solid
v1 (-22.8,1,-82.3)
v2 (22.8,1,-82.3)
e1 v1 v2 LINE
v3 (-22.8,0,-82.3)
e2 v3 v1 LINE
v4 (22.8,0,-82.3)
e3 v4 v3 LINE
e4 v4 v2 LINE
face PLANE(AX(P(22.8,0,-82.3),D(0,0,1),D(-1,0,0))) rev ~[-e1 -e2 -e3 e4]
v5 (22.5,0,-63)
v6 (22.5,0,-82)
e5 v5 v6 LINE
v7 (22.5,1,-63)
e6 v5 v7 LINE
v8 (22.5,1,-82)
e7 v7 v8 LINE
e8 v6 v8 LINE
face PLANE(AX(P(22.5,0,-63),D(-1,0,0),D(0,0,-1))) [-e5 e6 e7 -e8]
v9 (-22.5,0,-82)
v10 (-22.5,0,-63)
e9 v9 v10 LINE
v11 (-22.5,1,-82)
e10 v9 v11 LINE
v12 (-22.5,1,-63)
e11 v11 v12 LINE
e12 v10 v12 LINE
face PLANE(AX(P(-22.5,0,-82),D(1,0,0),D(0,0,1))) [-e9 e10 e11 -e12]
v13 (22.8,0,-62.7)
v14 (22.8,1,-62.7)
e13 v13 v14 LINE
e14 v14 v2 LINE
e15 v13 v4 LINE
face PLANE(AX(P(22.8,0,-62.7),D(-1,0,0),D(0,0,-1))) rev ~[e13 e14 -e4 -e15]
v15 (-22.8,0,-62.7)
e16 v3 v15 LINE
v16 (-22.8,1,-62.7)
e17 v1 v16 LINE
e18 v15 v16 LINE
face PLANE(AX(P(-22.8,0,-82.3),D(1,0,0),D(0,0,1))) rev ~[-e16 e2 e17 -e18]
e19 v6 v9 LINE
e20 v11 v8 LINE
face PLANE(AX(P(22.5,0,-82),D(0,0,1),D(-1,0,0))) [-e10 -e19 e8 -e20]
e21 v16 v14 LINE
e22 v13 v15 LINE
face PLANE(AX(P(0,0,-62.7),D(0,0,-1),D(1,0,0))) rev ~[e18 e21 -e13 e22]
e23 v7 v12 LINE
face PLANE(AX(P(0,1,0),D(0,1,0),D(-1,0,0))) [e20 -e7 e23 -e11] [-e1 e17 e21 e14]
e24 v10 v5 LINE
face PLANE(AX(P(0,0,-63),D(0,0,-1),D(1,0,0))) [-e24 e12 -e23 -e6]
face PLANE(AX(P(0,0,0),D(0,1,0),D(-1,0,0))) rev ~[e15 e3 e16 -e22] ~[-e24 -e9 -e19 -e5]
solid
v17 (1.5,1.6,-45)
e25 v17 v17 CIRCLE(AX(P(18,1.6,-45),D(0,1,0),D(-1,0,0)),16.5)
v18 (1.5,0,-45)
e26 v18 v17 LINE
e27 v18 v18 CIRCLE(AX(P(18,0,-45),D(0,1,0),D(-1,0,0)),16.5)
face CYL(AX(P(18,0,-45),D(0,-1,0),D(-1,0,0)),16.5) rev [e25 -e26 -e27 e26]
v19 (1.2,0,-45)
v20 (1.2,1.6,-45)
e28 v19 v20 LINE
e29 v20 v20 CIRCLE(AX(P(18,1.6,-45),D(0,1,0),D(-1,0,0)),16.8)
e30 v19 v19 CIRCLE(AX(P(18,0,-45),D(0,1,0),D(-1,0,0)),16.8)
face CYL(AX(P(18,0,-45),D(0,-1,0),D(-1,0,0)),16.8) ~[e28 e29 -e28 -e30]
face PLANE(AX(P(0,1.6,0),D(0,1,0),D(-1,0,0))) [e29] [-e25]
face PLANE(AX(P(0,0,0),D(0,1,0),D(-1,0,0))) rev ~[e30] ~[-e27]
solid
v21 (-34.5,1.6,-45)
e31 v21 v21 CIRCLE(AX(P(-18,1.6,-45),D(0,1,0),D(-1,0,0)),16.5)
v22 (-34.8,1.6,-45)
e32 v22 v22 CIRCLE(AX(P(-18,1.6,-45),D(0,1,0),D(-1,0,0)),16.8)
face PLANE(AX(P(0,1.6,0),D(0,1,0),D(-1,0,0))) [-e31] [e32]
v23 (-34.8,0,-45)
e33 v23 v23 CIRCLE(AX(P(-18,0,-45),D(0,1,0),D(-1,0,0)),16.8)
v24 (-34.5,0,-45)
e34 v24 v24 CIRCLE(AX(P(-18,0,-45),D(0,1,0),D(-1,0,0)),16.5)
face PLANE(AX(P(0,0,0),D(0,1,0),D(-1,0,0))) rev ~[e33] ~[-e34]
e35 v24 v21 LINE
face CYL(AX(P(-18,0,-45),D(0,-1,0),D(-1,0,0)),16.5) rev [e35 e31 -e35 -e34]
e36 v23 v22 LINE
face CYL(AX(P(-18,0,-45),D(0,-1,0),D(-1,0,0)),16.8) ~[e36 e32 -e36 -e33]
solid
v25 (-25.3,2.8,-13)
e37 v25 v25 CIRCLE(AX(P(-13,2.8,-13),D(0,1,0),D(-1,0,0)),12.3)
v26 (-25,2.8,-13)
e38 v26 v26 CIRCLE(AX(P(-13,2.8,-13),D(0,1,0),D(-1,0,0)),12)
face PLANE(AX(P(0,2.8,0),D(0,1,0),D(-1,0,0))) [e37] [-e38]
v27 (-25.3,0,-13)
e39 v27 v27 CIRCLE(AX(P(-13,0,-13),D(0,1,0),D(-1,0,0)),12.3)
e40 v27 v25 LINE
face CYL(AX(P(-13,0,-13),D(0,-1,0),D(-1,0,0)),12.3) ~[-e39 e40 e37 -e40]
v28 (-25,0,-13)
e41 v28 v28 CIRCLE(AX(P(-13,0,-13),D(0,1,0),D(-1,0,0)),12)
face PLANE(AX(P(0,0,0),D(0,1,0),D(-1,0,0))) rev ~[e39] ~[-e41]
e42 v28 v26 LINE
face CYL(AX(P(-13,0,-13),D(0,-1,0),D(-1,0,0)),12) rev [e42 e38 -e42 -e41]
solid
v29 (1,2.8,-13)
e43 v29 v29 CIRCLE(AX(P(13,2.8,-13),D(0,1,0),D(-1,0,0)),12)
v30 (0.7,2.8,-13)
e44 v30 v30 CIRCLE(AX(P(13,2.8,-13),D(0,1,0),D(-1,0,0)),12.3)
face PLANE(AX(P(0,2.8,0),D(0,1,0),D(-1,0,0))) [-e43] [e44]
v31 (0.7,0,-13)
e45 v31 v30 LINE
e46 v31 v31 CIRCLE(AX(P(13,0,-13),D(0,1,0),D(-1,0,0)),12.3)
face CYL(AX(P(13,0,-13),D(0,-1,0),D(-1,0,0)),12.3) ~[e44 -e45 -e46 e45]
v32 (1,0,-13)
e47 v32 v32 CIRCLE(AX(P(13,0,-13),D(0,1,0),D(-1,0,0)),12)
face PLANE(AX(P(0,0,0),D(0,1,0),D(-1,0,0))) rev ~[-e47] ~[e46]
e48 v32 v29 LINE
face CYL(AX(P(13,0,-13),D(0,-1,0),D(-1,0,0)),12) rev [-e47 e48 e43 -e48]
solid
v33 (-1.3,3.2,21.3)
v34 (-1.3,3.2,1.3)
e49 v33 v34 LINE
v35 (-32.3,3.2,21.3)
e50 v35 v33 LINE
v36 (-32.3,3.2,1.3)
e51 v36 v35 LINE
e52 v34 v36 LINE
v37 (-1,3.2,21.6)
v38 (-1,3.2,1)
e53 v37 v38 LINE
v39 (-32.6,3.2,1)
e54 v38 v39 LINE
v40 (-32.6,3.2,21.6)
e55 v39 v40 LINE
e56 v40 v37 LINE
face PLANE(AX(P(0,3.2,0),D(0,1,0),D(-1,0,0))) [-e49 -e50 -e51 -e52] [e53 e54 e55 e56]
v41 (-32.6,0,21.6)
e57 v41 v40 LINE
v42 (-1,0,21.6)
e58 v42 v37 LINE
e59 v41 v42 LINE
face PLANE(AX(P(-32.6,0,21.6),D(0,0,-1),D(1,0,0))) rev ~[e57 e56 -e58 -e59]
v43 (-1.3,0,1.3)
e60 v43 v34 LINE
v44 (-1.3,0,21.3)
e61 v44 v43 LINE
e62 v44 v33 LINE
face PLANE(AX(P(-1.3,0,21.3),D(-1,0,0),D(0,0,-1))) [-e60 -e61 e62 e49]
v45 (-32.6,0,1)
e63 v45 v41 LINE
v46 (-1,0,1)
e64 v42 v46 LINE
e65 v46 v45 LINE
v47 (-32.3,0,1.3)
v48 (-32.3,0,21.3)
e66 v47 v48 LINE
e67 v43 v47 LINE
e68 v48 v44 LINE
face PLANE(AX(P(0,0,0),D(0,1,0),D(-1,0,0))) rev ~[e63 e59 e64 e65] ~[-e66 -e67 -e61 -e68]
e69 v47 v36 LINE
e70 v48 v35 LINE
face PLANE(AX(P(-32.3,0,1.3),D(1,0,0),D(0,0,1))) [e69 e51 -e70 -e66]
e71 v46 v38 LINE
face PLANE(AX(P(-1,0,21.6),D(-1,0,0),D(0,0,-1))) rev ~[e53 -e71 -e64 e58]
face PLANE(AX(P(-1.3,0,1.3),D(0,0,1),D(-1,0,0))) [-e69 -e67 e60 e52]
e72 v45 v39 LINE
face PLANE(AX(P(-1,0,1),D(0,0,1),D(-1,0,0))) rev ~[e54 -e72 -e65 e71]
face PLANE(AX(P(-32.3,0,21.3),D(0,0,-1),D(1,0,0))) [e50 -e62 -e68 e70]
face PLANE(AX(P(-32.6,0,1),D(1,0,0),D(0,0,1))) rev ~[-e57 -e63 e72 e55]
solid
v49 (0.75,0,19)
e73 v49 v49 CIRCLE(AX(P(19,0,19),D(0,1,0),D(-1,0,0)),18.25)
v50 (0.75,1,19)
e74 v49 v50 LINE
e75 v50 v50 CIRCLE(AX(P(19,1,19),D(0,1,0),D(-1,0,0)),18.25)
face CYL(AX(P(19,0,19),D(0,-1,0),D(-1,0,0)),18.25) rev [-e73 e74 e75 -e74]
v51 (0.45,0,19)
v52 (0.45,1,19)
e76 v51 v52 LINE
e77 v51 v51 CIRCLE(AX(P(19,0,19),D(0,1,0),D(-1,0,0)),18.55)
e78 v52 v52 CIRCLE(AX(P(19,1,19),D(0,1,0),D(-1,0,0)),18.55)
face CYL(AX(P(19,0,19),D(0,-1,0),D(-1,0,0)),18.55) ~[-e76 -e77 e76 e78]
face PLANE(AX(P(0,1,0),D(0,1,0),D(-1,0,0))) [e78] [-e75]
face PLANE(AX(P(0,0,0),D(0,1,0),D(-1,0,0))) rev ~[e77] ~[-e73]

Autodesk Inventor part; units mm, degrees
ref_plane "YZ Plane" through (0, 0, 0) normal (1, 0, 0) x (0, 1, 0)
ref_plane "XZ Plane" through (0, 0, 0) normal (0, 1, 0) x (-1, 0, 0)
ref_plane "XY Plane" through (0, 0, 0) normal (0, 0, 1) x (1, 0, 0)
sketch "スケッチ1" plane through (0, 0, 0) normal (0, 1, 0) x (-1, 0, 0)
  line L0 (0, -106.27) -> (0, 61.52) projected
  line L1 (-52.02, 0) -> (49.27, 0) projected
  circle A0 centre (13, -13) radius 12
  circle A1 centre (13, -13) radius 12.3
  circle A2 centre (18, -45) radius 16.5
  circle A3 centre (18, -45) radius 16.8
  circle A4 centre (-13, -13) radius 12
  circle A5 centre (-13, -13) radius 12.3
  circle A6 centre (-18, -45) radius 16.5
  circle A7 centre (-18, -45) radius 16.8
  line L2 (32.6, 21.6) -> (1, 21.6)
  line L3 (1, 21.6) -> (1, 1)
  line L4 (1, 1) -> (32.6, 1)
  line L5 (32.6, 1) -> (32.6, 21.6)
  line L6 (32.3, 21.3) -> (1.3, 21.3)
  line L7 (1.3, 21.3) -> (1.3, 1.3)
  line L8 (1.3, 1.3) -> (32.3, 1.3)
  line L9 (32.3, 1.3) -> (32.3, 21.3)
  circle A8 centre (-19, 19) radius 18.55
  circle A9 centre (-19, 19) radius 18.25
  line L10 (22.8, -62.7) -> (-22.8, -62.7)
  line L11 (-22.8, -62.7) -> (-22.8, -82.3)
  line L12 (-22.8, -82.3) -> (22.8, -82.3)
  line L13 (22.8, -82.3) -> (22.8, -62.7)
  line L14 (22.5, -63) -> (-22.5, -63)
  line L15 (-22.5, -63) -> (-22.5, -82)
  line L16 (-22.5, -82) -> (22.5, -82)
  line L17 (22.5, -82) -> (22.5, -63)
  point P0 (0, 0)
  point P1 (0, -82.3)
  point P2 (0, -82)
  point P3 (0, -63)
  point P4 (0, -62.7)
  dimension "d0" = 24
  dimension "d1" = 0.3
  dimension "d2" = 13
  dimension "d3" = 13
  dimension "d4" = 33
  dimension "d5" = 0.3
  dimension "d6" = 18
  dimension "d7" = 45
  dimension "d12" = 0.3
  dimension "d13" = 1
  dimension "d14" = 1
  dimension "d15" = 20
  dimension "d16" = 31
  dimension "d17" = 0.3
  dimension "d18" = 36.5
  dimension "d19" = 19
  dimension "d20" = 19
  dimension "d25" = 0.3
  dimension "d26" = 19
  dimension "d27" = 63
  dimension "d28" = 45
extrude "押し出し1" add sketch "スケッチ1" along normal blind 2.8 contours A1 | A5
extrude "押し出し2" add sketch "スケッチ1" along normal blind 1.6 contours A3 | A7
extrude "押し出し3" add sketch "スケッチ1" along normal blind 3.2 contours L5 L4 L3 L2
extrude "押し出し4" add sketch "スケッチ1" along normal blind 1 contours A8
extrude "押し出し5" add sketch "スケッチ1" along normal blind 1 contours L12 L11 L10 L0 L14 L15 L16 | L0 L16 L17 L14 L10 L13 L12
properties part number "DoubleSlipHR_printbase"
